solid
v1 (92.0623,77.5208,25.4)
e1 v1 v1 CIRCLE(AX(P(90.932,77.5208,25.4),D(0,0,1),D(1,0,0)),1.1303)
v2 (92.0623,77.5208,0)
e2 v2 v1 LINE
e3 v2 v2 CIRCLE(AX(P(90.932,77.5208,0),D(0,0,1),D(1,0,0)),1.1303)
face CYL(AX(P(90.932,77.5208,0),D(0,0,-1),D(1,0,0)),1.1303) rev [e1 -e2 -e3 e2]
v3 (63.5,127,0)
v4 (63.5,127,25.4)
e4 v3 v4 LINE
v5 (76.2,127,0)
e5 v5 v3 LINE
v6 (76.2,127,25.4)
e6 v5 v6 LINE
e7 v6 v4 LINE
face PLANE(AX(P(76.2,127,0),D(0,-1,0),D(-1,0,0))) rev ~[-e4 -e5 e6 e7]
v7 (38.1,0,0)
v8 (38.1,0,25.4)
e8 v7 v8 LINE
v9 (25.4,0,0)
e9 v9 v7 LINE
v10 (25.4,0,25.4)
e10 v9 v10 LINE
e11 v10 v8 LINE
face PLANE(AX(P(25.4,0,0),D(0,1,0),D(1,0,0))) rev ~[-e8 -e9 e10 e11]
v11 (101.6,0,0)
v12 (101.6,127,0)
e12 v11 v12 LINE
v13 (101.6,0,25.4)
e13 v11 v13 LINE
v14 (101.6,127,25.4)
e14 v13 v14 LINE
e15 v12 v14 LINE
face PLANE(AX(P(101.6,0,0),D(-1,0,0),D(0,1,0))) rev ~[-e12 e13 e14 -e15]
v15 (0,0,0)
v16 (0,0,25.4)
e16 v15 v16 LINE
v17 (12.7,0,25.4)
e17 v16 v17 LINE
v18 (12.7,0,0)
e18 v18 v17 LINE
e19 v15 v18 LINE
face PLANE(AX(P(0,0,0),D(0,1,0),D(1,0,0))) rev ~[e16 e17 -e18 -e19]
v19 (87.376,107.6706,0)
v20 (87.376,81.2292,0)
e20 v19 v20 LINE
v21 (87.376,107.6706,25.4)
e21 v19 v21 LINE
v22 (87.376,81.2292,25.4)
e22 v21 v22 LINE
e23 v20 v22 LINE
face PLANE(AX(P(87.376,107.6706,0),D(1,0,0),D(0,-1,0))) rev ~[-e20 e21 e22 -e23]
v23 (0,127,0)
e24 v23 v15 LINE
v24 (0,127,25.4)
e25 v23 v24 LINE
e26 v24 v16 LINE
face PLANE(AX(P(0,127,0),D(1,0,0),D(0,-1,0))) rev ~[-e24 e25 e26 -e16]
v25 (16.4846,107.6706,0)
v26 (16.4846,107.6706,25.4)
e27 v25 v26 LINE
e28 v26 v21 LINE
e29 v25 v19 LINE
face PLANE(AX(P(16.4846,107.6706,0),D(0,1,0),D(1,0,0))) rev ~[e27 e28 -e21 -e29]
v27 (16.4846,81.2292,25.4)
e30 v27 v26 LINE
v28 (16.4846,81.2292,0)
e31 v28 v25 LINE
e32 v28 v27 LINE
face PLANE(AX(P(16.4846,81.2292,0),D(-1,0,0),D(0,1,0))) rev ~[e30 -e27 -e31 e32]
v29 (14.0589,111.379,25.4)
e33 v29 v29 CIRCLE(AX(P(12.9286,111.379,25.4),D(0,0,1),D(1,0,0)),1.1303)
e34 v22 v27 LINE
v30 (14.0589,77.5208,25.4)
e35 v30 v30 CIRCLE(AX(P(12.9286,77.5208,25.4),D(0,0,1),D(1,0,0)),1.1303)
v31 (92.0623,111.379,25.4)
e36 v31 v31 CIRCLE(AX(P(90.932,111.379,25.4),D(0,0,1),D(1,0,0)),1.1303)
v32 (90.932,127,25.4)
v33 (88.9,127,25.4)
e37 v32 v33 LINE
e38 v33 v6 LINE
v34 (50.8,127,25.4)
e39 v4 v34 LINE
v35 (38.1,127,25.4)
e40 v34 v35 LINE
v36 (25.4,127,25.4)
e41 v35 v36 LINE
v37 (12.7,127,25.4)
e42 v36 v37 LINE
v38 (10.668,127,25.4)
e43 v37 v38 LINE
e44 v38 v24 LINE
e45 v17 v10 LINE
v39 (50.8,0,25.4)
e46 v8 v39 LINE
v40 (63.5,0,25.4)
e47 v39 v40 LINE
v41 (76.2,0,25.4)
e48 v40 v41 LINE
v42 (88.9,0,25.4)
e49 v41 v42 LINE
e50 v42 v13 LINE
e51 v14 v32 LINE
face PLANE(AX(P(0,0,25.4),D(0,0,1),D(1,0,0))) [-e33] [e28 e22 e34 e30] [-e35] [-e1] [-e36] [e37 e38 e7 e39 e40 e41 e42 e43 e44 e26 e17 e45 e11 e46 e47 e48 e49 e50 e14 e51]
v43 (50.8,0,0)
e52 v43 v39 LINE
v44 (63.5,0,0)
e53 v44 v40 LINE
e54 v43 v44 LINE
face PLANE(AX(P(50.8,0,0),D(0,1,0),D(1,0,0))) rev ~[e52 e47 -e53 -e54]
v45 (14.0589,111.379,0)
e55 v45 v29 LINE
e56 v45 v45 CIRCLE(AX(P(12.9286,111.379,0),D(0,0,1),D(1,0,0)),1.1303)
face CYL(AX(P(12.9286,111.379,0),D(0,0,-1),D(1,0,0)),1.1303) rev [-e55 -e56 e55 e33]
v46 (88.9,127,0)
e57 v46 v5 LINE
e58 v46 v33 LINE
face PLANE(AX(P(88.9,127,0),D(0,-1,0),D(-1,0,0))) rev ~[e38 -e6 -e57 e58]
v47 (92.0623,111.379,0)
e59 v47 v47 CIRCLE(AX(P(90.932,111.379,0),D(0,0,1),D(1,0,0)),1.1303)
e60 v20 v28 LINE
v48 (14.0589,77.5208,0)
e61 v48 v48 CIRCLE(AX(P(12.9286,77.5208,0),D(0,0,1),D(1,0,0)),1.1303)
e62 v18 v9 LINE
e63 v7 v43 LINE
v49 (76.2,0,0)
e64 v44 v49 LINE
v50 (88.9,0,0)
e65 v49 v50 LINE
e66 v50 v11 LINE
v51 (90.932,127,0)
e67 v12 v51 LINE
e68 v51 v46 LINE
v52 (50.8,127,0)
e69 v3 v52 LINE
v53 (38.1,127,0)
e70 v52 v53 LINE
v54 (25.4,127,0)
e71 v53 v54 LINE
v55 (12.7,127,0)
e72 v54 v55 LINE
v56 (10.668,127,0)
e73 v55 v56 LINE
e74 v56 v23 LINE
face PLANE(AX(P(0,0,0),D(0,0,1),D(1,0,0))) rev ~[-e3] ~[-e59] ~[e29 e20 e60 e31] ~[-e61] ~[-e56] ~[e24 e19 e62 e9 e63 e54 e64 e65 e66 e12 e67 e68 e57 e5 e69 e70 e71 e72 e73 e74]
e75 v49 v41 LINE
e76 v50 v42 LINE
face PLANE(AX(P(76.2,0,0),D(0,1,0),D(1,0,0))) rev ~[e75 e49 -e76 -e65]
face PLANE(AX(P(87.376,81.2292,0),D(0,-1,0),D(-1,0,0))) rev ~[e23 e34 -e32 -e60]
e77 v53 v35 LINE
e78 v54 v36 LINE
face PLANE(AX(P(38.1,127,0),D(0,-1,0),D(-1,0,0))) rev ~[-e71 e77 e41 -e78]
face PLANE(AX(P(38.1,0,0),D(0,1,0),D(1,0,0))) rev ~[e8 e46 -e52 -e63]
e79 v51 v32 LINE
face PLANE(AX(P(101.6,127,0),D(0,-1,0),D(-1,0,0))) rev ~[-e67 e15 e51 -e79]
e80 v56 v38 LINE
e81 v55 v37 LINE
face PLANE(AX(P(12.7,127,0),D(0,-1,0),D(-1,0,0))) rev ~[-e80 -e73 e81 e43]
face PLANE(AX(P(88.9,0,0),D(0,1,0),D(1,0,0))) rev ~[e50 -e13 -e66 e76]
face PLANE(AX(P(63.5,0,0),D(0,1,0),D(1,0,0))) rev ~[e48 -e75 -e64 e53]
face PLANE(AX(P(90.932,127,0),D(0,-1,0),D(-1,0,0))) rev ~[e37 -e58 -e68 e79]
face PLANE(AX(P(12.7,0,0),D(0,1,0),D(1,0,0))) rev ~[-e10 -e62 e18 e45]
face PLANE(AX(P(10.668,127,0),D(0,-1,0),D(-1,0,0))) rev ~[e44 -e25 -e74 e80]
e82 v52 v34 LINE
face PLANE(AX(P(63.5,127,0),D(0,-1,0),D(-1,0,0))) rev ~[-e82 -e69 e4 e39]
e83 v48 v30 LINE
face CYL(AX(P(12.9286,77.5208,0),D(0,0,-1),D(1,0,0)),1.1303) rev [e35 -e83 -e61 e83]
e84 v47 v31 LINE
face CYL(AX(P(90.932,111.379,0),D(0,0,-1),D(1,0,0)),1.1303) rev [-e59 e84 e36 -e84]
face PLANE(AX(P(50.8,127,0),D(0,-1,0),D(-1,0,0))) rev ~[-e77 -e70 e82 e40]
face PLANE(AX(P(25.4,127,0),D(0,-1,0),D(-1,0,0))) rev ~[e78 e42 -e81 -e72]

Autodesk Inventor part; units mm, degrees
ref_plane "YZ Plane" through (0, 0, 0) normal (1, 0, 0) x (0, 1, 0)
ref_plane "XZ Plane" through (0, 0, 0) normal (0, 1, 0) x (-1, 0, 0)
ref_plane "XY Plane" through (0, 0, 0) normal (0, 0, 1) x (1, 0, 0)
sketch "Sketch1" plane through (0, 0, 0) normal (0, 0, 1) x (1, 0, 0)
  line L0 (0, 0) -> (101.6, 0)
  line L1 (101.6, 0) -> (101.6, 127)
  line L2 (101.6, 127) -> (0, 127)
  line L3 (0, 127) -> (0, 0)
  line L4 (0, 127) -> (10.668, 127)
  line L5 (101.6, 127) -> (90.932, 127)
  circle A0 centre (90.932, 77.5208) radius 1.1303
  line L6 (87.376, 81.2292) -> (16.4846, 81.2292)
  line L7 (16.4846, 81.2292) -> (16.4846, 107.6706)
  line L8 (16.4846, 107.6706) -> (87.376, 107.6706)
  line L9 (87.376, 107.6706) -> (87.376, 81.2292)
  circle A1 centre (12.9286, 111.379) radius 1.1303
  circle A2 centre (12.9286, 77.5208) radius 1.1303
  circle A3 centre (90.932, 111.379) radius 1.1303
  line L10 (0, 0) -> (12.7, 0)
  line L11 (12.7, 0) -> (12.7, -4.064)
  line L12 (12.7, -4.064) -> (0, -4.064)
  line L13 (0, -4.064) -> (0, 0)
  line L14 (25.4, -4.064) -> (38.1, -4.064)
  line L15 (38.1, -4.064) -> (38.1, 0)
  line L16 (38.1, 0) -> (25.4, 0)
  line L17 (25.4, 0) -> (25.4, -4.064)
  line L18 (50.8, -4.064) -> (63.5, -4.064)
  line L19 (63.5, -4.064) -> (63.5, 0)
  line L20 (63.5, 0) -> (50.8, 0)
  line L21 (50.8, 0) -> (50.8, -4.064)
  line L22 (76.2, -4.064) -> (88.9, -4.064)
  line L23 (88.9, -4.064) -> (88.9, 0)
  line L24 (88.9, 0) -> (76.2, 0)
  line L25 (76.2, 0) -> (76.2, -4.064)
  line L26 (12.7, 127) -> (12.7, 131.064)
  line L27 (12.7, 131.064) -> (0, 131.064)
  line L28 (0, 131.064) -> (0, 127)
  line L29 (25.4, 131.064) -> (38.1, 131.064)
  line L30 (38.1, 131.064) -> (38.1, 127)
  line L31 (25.4, 127) -> (25.4, 131.064)
  line L32 (50.8, 131.064) -> (63.5, 131.064)
  line L33 (63.5, 131.064) -> (63.5, 127)
  line L34 (50.8, 127) -> (50.8, 131.064)
  line L35 (76.2, 131.064) -> (88.9, 131.064)
  line L36 (88.9, 131.064) -> (88.9, 127)
  line L37 (76.2, 127) -> (76.2, 131.064)
  dimension "d0" = 101.6
  dimension "d1" = 127
  dimension "d2" = 10.668
  dimension "d3" = 10.668
  dimension "d7" = 2.2606
  dimension "d23" = 2.2606
  dimension "d24" = 2.2606
  dimension "d25" = 2.2606
  dimension "d28" = 12.7
  dimension "d29" = 4.064
  dimension "d30" = 12.7
  dimension "d31" = 12.7
  dimension "d32" = 12.7
  dimension "d33" = 12.7
  dimension "d34" = 12.7
  dimension "d35" = 12.7
extrude "Extrusion1" add sketch "Sketch1" along normal blind 25.4 contours L3 L2 L1 L0
properties part number "ProtoFront"
